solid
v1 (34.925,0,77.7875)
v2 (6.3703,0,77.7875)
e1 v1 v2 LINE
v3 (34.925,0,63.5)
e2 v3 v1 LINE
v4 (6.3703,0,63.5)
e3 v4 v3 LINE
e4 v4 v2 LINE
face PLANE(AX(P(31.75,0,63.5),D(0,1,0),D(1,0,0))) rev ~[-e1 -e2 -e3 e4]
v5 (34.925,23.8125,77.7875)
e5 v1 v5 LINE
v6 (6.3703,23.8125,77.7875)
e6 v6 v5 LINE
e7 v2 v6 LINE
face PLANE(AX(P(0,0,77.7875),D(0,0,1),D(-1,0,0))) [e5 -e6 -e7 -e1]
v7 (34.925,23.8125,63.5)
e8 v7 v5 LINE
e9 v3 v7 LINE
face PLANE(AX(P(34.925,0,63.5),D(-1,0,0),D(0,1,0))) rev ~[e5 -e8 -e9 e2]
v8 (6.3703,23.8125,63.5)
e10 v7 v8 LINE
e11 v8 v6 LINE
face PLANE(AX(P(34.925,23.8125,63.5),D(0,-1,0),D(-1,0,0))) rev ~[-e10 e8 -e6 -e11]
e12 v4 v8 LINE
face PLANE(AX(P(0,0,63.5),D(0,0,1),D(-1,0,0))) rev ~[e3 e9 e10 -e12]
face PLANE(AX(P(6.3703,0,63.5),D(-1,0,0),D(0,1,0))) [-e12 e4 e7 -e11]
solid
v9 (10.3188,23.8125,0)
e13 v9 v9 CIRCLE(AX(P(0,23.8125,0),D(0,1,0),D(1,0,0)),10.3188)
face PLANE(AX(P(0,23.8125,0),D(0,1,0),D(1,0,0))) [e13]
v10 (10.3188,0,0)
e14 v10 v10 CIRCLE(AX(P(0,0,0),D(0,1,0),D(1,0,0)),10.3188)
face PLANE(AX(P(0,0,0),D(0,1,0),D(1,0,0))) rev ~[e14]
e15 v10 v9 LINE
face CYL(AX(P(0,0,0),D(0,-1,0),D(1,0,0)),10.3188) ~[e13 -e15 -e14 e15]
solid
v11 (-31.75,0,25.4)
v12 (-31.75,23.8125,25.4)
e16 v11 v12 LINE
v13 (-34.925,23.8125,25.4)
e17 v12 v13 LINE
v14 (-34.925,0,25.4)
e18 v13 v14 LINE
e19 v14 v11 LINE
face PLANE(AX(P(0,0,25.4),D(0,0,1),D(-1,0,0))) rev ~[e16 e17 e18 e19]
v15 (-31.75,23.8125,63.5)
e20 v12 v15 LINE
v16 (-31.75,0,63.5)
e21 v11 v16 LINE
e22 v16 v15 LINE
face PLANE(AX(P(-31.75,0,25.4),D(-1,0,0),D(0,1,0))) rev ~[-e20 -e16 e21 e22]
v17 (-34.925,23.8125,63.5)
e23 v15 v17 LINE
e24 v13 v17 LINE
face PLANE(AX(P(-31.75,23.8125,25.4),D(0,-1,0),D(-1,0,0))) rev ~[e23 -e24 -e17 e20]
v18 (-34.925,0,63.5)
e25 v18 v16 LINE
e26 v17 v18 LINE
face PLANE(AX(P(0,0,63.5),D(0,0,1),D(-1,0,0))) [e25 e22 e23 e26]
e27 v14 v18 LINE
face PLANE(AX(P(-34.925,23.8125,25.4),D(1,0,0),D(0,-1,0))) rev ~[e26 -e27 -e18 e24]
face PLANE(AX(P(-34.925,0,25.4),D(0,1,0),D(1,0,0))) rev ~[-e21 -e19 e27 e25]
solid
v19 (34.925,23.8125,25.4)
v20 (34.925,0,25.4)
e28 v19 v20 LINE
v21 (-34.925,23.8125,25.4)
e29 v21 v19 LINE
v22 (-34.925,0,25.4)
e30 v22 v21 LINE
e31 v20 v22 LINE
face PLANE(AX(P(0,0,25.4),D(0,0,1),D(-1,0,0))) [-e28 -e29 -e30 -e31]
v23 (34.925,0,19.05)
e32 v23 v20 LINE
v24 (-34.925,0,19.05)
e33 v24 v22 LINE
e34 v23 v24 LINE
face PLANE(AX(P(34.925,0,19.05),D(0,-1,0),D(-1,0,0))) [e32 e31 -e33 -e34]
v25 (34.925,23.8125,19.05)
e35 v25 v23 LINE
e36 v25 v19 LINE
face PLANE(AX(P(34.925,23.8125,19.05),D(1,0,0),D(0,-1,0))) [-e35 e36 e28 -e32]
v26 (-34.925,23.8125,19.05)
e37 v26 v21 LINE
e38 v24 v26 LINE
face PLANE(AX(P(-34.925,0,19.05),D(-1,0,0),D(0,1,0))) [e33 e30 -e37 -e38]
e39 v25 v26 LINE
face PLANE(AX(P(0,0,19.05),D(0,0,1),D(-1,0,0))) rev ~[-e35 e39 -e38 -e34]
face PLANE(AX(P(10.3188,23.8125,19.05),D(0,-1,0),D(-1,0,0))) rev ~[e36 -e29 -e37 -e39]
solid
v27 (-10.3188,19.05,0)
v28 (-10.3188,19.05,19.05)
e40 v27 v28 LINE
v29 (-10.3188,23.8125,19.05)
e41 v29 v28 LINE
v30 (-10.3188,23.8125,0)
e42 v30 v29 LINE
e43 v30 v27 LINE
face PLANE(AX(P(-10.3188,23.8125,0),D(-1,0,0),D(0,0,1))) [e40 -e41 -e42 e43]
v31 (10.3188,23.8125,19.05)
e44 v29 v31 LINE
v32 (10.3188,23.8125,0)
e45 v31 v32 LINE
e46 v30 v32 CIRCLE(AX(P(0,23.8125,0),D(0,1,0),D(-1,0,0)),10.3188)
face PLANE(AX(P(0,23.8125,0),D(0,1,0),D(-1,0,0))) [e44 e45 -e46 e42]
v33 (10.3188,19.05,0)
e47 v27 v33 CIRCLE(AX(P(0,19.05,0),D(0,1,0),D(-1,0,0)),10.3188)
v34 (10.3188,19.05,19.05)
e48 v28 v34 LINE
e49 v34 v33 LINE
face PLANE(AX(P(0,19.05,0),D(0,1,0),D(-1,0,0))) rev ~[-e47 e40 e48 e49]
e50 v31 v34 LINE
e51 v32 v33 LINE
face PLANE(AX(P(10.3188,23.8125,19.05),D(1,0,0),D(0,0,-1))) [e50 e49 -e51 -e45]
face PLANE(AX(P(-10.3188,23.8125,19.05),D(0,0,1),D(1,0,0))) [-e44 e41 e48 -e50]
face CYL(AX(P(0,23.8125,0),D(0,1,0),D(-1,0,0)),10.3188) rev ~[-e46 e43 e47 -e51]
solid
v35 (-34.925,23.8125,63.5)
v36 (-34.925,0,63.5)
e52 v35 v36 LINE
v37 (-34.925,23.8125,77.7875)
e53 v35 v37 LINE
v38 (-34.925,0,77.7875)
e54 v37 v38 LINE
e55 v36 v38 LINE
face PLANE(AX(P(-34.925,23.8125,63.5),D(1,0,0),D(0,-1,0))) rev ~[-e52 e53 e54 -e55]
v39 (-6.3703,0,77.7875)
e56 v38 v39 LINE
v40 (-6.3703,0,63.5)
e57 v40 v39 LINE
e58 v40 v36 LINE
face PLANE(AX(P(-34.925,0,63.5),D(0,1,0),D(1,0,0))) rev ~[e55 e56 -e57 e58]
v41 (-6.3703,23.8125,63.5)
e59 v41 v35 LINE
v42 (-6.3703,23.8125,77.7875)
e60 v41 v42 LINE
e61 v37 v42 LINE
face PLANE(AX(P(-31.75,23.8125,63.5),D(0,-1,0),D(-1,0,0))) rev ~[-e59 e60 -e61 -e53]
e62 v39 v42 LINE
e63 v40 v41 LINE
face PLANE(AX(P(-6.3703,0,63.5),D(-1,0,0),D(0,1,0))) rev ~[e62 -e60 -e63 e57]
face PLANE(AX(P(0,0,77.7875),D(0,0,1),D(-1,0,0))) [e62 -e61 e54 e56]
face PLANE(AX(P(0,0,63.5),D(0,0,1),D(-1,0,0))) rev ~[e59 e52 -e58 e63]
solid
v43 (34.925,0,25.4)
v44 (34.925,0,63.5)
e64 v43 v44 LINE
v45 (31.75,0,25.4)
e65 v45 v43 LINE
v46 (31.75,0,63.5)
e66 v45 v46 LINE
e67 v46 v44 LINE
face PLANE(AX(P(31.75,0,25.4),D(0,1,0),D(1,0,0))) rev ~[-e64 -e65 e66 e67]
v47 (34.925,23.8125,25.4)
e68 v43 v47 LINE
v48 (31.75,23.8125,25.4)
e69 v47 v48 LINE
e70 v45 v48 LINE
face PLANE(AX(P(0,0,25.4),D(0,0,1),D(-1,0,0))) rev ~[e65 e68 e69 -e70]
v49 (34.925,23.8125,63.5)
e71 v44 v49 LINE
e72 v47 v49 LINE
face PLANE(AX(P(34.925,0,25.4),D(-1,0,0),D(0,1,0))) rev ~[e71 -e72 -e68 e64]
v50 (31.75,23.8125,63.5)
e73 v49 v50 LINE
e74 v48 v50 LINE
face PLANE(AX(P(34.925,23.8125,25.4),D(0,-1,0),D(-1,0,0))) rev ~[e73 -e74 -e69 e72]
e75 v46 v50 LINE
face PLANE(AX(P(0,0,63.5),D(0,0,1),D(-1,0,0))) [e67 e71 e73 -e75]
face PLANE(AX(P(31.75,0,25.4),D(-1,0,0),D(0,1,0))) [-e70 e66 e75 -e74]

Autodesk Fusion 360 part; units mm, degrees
sketch "Sketch1" plane through (0, 0, 0) normal (0, 1, 0) x (1, 0, 0)
  circle A0 centre (0, 0) radius 10.3188
  dimension "d3" = 20.6375
extrude "Extrude1" add sketch "Sketch1" along normal blind 23.8125 makes body 1
sketch "Sketch2" plane through (0, 23.8125, 0) normal (0, 1, 0) x (-1, 0, 0)
  circle A0 centre (0, 0) radius 10.3188
  line L0 (-10.3188, 0) -> (10.3188, 0)
  line L1 (10.3188, 0) -> (10.3188, 19.05)
  line L2 (10.3188, 19.05) -> (-10.3188, 19.05)
  line L3 (-10.3188, 19.05) -> (-10.3188, 0)
  dimension "d15" = 20.6375
  dimension "d16" = 19.05
extrude "Extrude2" add sketch "Sketch2" against normal blind 4.7625 separate body contours A0 L1 L2 L3 makes body 2
sketch "Sketch3" plane through (0, 0, 19.05) normal (0, 0, 1) x (-1, 0, 0)
  line L0 (-10.3188, -23.8125) -> (10.3188, -23.8125)
  line L1 (10.3188, -23.8125) -> (10.3188, -19.05)
  line L2 (10.3188, -19.05) -> (-10.3188, -19.05)
  line L3 (-10.3188, -19.05) -> (-10.3188, -23.8125)
  line L4 (34.925, -23.8125) -> (-34.925, -23.8125)
  line L5 (-34.925, -23.8125) -> (-34.925, 0)
  line L6 (-34.925, 0) -> (34.925, 0)
  line L7 (34.925, 0) -> (34.925, -23.8125)
  dimension "d37" = 69.85
  dimension "d38" = 23.8125
  dimension "d39" = 34.925
extrude "Extrude5" add sketch "Sketch3" along normal blind 6.35 separate body makes body 3
sketch "Sketch4" plane through (0, 0, 25.4) normal (0, 0, 1) x (-1, 0, 0)
  line L0 (34.925, 0) -> (-34.925, 0)
  line L1 (-34.925, 0) -> (-34.925, -23.8125)
  line L2 (-34.925, -23.8125) -> (34.925, -23.8125)
  line L3 (34.925, -23.8125) -> (34.925, 0)
  line L4 (-34.925, 0) -> (-31.75, 0)
  line L5 (-31.75, 0) -> (-31.75, -23.8125)
  line L6 (-31.75, -23.8125) -> (-34.925, -23.8125)
  line L7 (-34.925, -23.8125) -> (-34.925, 0)
  line L8 (34.925, 0) -> (31.75, 0)
  line L9 (31.75, 0) -> (31.75, -23.8125)
  line L10 (31.75, -23.8125) -> (34.925, -23.8125)
  line L11 (34.925, -23.8125) -> (34.925, 0)
  dimension "d45" = 3.175
  dimension "d46" = 23.8125
  dimension "d47" = 3.175
  dimension "d48" = 23.8125
extrude "Extrude6" add sketch "Sketch4" along normal blind 38.1 separate body contours L0 L2 L3 L8 L9 L10 L11 | L0 L1 L2 L4 L5 L6 L7 makes body 4 at (-34.925, 15.875, 38.1) makes body 5 at (31.75, 7.9375, 38.1)
sketch "Sketch5" plane through (0, 0, 63.5) normal (0, 0, 1) x (-1, 0, 0)
  line L0 (-34.925, -23.8125) -> (-31.75, -23.8125)
  line L1 (-31.75, -23.8125) -> (-31.75, 0)
  line L2 (-31.75, 0) -> (-34.925, 0)
  line L3 (-34.925, 0) -> (-34.925, -23.8125)
  line L4 (-34.925, 0) -> (-6.3703, 0)
  line L5 (-6.3703, 0) -> (-6.3703, -23.8125)
  line L6 (-6.3703, -23.8125) -> (-34.925, -23.8125)
  line L7 (-34.925, -23.8125) -> (-34.925, 0)
  dimension "d54" = 28.5547
  dimension "d55" = 23.8125
sketch "Sketch6" plane through (0, 0, 63.5) normal (0, 0, 1) x (-1, 0, 0)
  line L0 (34.925, -23.8125) -> (34.925, 0)
  line L1 (34.925, 0) -> (31.75, 0)
  line L2 (31.75, 0) -> (31.75, -23.8125)
  line L3 (31.75, -23.8125) -> (34.925, -23.8125)
  line L4 (34.925, 0) -> (6.3703, 0)
  line L5 (6.3703, 0) -> (6.3703, -23.8125)
  line L6 (6.3703, -23.8125) -> (34.925, -23.8125)
  line L7 (34.925, -23.8125) -> (34.925, 0)
  dimension "d56" = 28.5547
  dimension "d57" = 23.8125
extrude "Extrude7" add sketch "Sketch5" sketch "Sketch6" along normal blind 14.2875 separate body of sketch 2 makes body 6 at (15.8885, 15.875, 63.5) makes body 7 at (-15.8885, 15.875, 63.5)
equation "D_A = 0.8125 in"
equation "L_A = 0.9375 in"
equation "d3 = D_A"
equation "d4 = L_A"
equation "b_B = D_A"
equation "L_B = 0.75 in"
equation "d15 = b_B"
equation "d16 = L_B"
equation "d17 = -H_B"
equation "L_C = L_A"
equation "d_C = 0.25 in"
equation "b_C = 2.75 in"
equation "d37 = b_C"
equation "d38 = L_C"
equation "d39 = b_C / 2"
equation "d40 = d_C"
equation "b_D = 0.125 in"
equation "d_D = 1.5 in"
equation "L_D = L_A"
equation "d45 = b_D"
equation "d46 = L_D"
equation "d47 = b_D"
equation "d48 = L_D"
equation "d49 = d_D"
equation "L_E = L_D"
equation "d_E = 0.5625 in"
equation "b_E = 1.1242 in"
equation "d54 = b_E"
equation "d55 = L_E"
equation "d56 = b_E"
equation "d57 = L_E"
equation "d58 = d_E"
equation "P = 1000 lbforce"
equation "stress = 9000 psi"
equation "H_B = ceil(( P / ( b_B * stress ) ) / 0.0625 in) * 0.0625 in"
